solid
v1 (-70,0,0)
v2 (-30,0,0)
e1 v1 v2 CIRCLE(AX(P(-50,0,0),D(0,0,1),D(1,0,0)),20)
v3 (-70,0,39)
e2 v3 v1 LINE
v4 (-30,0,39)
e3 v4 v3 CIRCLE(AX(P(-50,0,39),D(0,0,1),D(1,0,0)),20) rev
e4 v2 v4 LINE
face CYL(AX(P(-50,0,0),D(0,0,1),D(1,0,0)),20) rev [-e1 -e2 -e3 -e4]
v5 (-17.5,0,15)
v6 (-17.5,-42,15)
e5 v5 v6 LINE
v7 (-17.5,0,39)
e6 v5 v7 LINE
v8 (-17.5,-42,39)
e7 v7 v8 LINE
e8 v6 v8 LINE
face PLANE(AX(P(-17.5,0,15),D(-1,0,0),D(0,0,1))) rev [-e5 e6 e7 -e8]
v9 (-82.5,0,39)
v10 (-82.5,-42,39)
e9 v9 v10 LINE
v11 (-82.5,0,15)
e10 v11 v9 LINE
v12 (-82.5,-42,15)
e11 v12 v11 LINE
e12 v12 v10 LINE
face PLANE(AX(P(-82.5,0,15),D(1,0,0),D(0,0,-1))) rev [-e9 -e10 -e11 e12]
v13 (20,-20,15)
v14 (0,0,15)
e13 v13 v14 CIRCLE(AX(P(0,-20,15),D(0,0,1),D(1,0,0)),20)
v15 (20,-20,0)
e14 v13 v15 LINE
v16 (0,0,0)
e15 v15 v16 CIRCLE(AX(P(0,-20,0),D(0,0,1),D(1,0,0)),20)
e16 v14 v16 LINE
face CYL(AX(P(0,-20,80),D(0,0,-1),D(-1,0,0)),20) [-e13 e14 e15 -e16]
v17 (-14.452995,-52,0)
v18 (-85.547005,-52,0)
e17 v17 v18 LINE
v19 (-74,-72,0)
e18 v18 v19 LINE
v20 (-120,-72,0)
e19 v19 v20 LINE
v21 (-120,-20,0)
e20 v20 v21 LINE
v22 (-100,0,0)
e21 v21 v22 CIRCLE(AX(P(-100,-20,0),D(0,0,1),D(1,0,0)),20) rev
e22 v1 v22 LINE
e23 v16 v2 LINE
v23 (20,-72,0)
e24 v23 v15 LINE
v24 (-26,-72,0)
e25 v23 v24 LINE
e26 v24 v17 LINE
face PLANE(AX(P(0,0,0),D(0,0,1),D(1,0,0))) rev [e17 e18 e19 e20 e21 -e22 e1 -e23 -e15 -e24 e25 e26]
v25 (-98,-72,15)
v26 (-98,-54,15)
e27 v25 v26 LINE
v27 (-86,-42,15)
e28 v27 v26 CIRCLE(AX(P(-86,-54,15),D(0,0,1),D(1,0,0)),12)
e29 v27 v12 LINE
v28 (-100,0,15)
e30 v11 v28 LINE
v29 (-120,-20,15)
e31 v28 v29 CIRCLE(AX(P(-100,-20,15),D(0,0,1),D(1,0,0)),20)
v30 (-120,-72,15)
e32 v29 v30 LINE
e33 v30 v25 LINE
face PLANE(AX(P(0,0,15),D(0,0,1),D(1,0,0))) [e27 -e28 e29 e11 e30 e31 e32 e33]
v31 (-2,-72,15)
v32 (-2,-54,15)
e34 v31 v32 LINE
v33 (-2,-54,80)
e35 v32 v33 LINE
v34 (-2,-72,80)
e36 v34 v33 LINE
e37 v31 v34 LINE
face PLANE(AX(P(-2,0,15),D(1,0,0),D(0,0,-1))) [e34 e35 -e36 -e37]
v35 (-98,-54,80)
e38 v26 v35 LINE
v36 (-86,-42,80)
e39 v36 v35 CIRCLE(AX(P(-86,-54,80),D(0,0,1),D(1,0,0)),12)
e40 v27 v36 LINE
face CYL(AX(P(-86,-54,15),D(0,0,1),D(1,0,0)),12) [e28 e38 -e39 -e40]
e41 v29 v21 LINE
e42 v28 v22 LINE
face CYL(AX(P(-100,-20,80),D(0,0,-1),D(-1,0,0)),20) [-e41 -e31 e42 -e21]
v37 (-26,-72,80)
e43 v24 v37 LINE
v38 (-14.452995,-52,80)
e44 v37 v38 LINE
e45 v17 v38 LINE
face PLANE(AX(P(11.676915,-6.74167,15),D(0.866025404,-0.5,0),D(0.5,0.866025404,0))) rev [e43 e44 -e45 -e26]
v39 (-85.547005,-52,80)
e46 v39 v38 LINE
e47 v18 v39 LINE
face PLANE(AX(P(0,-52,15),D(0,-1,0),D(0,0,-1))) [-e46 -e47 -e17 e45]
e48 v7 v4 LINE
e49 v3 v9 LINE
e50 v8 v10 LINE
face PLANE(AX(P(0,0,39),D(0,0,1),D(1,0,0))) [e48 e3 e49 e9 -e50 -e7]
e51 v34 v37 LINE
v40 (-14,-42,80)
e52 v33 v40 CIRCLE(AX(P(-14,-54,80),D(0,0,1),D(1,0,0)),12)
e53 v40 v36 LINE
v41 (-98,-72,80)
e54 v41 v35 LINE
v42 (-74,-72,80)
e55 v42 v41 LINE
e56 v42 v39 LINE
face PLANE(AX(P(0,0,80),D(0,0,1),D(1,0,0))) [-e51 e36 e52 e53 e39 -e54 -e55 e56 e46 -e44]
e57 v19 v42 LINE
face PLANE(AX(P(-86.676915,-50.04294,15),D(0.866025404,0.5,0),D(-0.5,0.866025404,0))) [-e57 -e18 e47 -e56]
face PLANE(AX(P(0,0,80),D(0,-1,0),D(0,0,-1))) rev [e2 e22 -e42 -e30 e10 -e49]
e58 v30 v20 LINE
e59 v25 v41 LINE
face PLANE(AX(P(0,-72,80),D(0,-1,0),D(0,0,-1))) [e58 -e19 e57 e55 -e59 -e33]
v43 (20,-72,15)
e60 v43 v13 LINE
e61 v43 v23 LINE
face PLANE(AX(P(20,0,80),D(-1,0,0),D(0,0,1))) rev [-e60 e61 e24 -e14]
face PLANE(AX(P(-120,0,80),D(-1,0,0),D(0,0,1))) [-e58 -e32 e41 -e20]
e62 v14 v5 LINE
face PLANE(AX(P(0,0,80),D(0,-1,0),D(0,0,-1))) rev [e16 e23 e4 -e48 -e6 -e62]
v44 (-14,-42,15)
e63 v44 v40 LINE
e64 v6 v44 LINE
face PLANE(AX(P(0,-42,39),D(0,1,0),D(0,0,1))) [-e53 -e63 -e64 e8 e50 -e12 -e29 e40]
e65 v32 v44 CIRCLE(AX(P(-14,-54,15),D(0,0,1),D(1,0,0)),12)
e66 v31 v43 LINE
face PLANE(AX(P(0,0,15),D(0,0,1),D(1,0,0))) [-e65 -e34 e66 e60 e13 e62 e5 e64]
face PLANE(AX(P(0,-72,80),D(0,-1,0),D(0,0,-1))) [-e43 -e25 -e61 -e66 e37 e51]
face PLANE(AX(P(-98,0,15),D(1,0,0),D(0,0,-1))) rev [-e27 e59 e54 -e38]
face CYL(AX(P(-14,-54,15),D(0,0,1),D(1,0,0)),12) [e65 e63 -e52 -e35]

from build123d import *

# Parameters (mm, degrees)
IZIM1_W                     = 65
IZIM1_H                     = 42
Y_KSEKLIK_EKSTR_ZYON1_DEPTH = 80
IZIM3_R                     = 20
KES_EKSTR_ZYON1_DEPTH       = 81
KES_EKSTR_ZYON2_DEPTH       = 41
KES_EKSTR_ZYON5_DEPTH       = 65
KES_EKSTR_ZYON6_DEPTH       = 156
KES_EKSTR_ZYON6_DEPTH_BACK  = 1


with BuildPart() as part:
    # Çizim1 → Yükseklik-Ekstrüzyon1 (new body)
    with BuildSketch(Plane.XY):
        with BuildLine():
            Line((-120, -72), (-100, -72))
            Line((-100, -72), (0, -72))
            Line((0, -72), (20, -72))
            Line((20, -72), (20, -20))
            ThreePointArc((20, -20), (14.142135624, -5.857864376), (0, 0))
            Line((0, 0), (-17.5, 0))
            Line((-17.5, 0), (-17.5, -42))
            Line((-17.5, -42), (-82.5, -42))
            Line((-82.5, -42), (-82.5, 0))
            Line((-82.5, 0), (-100, 0))
            ThreePointArc((-100, 0), (-114.142135624, -5.857864376), (-120, -20))
            Line((-120, -20), (-120, -72))
        make_face()
        with Locations((-50, -21)):
            Rectangle(IZIM1_W, IZIM1_H)
    extrude(amount=Y_KSEKLIK_EKSTR_ZYON1_DEPTH)

    # Çizim3 → Kes-Ekstrüzyon1 (cut, through all)
    with BuildSketch(Plane.XY.offset(80)):
        with Locations((-50, 0)):
            Circle(IZIM3_R)
    extrude(amount=-KES_EKSTR_ZYON1_DEPTH, mode=Mode.SUBTRACT)

    # Çizim4 → Kes-Ekstrüzyon2 (cut)
    with BuildSketch(Plane.XY.offset(80)):
        with BuildLine():
            ThreePointArc((-30, 0), (-50, -20), (-70, 0))
            Line((-70, 0), (-82.5, 0))
            Line((-82.5, 0), (-82.5, -42))
            Line((-82.5, -42), (-17.5, -42))
            Line((-17.5, -42), (-17.5, 0))
            Line((-17.5, 0), (-30, 0))
        make_face()
    extrude(amount=-KES_EKSTR_ZYON2_DEPTH, mode=Mode.SUBTRACT)

    # Çizim5 → Kes-Ekstrüzyon5 (cut)
    with BuildSketch(Plane.XY.offset(80)):
        with BuildLine():
            Line((-120, -20), (-120, -72))
            Line((-120, -72), (-98, -72))
            Line((-98, -72), (-98, -54))
            ThreePointArc((-98, -54), (-94.485281374, -45.514718626), (-86, -42))
            Line((-86, -42), (-82.5, -42))
            Line((-82.5, -42), (-82.5, 0))
            Line((-82.5, 0), (-100, 0))
            ThreePointArc((-100, 0), (-114.142135624, -5.857864376), (-120, -20))
        make_face()
        with BuildLine():
            Line((-2, -54), (-2, -72))
            Line((-2, -72), (20, -72))
            Line((20, -72), (20, -20))
            ThreePointArc((20, -20), (14.142135624, -5.857864376), (0, 0))
            Line((0, 0), (-17.5, 0))
            Line((-17.5, 0), (-17.5, -42))
            Line((-17.5, -42), (-14, -42))
            ThreePointArc((-14, -42), (-5.514718626, -45.514718626), (-2, -54))
        make_face()
        Polygon((-85.547005384, -52), (-74, -72), (-26, -72), (-14.452994616, -52), align=None)
    extrude(amount=-KES_EKSTR_ZYON5_DEPTH, mode=Mode.SUBTRACT)

    # Çizim16 → Kes-Ekstrüzyon6 (cut, two sides)
    with BuildSketch(Plane.XY) as kes_ekstr_zyon6_sk:
        Polygon((-74, -72), (-85.547005384, -52), (-14.452994616, -52), (-26, -72), align=None)
    extrude(amount=KES_EKSTR_ZYON6_DEPTH, mode=Mode.SUBTRACT)
    extrude(kes_ekstr_zyon6_sk.sketch, amount=-KES_EKSTR_ZYON6_DEPTH_BACK, mode=Mode.SUBTRACT)


solid = part.part
